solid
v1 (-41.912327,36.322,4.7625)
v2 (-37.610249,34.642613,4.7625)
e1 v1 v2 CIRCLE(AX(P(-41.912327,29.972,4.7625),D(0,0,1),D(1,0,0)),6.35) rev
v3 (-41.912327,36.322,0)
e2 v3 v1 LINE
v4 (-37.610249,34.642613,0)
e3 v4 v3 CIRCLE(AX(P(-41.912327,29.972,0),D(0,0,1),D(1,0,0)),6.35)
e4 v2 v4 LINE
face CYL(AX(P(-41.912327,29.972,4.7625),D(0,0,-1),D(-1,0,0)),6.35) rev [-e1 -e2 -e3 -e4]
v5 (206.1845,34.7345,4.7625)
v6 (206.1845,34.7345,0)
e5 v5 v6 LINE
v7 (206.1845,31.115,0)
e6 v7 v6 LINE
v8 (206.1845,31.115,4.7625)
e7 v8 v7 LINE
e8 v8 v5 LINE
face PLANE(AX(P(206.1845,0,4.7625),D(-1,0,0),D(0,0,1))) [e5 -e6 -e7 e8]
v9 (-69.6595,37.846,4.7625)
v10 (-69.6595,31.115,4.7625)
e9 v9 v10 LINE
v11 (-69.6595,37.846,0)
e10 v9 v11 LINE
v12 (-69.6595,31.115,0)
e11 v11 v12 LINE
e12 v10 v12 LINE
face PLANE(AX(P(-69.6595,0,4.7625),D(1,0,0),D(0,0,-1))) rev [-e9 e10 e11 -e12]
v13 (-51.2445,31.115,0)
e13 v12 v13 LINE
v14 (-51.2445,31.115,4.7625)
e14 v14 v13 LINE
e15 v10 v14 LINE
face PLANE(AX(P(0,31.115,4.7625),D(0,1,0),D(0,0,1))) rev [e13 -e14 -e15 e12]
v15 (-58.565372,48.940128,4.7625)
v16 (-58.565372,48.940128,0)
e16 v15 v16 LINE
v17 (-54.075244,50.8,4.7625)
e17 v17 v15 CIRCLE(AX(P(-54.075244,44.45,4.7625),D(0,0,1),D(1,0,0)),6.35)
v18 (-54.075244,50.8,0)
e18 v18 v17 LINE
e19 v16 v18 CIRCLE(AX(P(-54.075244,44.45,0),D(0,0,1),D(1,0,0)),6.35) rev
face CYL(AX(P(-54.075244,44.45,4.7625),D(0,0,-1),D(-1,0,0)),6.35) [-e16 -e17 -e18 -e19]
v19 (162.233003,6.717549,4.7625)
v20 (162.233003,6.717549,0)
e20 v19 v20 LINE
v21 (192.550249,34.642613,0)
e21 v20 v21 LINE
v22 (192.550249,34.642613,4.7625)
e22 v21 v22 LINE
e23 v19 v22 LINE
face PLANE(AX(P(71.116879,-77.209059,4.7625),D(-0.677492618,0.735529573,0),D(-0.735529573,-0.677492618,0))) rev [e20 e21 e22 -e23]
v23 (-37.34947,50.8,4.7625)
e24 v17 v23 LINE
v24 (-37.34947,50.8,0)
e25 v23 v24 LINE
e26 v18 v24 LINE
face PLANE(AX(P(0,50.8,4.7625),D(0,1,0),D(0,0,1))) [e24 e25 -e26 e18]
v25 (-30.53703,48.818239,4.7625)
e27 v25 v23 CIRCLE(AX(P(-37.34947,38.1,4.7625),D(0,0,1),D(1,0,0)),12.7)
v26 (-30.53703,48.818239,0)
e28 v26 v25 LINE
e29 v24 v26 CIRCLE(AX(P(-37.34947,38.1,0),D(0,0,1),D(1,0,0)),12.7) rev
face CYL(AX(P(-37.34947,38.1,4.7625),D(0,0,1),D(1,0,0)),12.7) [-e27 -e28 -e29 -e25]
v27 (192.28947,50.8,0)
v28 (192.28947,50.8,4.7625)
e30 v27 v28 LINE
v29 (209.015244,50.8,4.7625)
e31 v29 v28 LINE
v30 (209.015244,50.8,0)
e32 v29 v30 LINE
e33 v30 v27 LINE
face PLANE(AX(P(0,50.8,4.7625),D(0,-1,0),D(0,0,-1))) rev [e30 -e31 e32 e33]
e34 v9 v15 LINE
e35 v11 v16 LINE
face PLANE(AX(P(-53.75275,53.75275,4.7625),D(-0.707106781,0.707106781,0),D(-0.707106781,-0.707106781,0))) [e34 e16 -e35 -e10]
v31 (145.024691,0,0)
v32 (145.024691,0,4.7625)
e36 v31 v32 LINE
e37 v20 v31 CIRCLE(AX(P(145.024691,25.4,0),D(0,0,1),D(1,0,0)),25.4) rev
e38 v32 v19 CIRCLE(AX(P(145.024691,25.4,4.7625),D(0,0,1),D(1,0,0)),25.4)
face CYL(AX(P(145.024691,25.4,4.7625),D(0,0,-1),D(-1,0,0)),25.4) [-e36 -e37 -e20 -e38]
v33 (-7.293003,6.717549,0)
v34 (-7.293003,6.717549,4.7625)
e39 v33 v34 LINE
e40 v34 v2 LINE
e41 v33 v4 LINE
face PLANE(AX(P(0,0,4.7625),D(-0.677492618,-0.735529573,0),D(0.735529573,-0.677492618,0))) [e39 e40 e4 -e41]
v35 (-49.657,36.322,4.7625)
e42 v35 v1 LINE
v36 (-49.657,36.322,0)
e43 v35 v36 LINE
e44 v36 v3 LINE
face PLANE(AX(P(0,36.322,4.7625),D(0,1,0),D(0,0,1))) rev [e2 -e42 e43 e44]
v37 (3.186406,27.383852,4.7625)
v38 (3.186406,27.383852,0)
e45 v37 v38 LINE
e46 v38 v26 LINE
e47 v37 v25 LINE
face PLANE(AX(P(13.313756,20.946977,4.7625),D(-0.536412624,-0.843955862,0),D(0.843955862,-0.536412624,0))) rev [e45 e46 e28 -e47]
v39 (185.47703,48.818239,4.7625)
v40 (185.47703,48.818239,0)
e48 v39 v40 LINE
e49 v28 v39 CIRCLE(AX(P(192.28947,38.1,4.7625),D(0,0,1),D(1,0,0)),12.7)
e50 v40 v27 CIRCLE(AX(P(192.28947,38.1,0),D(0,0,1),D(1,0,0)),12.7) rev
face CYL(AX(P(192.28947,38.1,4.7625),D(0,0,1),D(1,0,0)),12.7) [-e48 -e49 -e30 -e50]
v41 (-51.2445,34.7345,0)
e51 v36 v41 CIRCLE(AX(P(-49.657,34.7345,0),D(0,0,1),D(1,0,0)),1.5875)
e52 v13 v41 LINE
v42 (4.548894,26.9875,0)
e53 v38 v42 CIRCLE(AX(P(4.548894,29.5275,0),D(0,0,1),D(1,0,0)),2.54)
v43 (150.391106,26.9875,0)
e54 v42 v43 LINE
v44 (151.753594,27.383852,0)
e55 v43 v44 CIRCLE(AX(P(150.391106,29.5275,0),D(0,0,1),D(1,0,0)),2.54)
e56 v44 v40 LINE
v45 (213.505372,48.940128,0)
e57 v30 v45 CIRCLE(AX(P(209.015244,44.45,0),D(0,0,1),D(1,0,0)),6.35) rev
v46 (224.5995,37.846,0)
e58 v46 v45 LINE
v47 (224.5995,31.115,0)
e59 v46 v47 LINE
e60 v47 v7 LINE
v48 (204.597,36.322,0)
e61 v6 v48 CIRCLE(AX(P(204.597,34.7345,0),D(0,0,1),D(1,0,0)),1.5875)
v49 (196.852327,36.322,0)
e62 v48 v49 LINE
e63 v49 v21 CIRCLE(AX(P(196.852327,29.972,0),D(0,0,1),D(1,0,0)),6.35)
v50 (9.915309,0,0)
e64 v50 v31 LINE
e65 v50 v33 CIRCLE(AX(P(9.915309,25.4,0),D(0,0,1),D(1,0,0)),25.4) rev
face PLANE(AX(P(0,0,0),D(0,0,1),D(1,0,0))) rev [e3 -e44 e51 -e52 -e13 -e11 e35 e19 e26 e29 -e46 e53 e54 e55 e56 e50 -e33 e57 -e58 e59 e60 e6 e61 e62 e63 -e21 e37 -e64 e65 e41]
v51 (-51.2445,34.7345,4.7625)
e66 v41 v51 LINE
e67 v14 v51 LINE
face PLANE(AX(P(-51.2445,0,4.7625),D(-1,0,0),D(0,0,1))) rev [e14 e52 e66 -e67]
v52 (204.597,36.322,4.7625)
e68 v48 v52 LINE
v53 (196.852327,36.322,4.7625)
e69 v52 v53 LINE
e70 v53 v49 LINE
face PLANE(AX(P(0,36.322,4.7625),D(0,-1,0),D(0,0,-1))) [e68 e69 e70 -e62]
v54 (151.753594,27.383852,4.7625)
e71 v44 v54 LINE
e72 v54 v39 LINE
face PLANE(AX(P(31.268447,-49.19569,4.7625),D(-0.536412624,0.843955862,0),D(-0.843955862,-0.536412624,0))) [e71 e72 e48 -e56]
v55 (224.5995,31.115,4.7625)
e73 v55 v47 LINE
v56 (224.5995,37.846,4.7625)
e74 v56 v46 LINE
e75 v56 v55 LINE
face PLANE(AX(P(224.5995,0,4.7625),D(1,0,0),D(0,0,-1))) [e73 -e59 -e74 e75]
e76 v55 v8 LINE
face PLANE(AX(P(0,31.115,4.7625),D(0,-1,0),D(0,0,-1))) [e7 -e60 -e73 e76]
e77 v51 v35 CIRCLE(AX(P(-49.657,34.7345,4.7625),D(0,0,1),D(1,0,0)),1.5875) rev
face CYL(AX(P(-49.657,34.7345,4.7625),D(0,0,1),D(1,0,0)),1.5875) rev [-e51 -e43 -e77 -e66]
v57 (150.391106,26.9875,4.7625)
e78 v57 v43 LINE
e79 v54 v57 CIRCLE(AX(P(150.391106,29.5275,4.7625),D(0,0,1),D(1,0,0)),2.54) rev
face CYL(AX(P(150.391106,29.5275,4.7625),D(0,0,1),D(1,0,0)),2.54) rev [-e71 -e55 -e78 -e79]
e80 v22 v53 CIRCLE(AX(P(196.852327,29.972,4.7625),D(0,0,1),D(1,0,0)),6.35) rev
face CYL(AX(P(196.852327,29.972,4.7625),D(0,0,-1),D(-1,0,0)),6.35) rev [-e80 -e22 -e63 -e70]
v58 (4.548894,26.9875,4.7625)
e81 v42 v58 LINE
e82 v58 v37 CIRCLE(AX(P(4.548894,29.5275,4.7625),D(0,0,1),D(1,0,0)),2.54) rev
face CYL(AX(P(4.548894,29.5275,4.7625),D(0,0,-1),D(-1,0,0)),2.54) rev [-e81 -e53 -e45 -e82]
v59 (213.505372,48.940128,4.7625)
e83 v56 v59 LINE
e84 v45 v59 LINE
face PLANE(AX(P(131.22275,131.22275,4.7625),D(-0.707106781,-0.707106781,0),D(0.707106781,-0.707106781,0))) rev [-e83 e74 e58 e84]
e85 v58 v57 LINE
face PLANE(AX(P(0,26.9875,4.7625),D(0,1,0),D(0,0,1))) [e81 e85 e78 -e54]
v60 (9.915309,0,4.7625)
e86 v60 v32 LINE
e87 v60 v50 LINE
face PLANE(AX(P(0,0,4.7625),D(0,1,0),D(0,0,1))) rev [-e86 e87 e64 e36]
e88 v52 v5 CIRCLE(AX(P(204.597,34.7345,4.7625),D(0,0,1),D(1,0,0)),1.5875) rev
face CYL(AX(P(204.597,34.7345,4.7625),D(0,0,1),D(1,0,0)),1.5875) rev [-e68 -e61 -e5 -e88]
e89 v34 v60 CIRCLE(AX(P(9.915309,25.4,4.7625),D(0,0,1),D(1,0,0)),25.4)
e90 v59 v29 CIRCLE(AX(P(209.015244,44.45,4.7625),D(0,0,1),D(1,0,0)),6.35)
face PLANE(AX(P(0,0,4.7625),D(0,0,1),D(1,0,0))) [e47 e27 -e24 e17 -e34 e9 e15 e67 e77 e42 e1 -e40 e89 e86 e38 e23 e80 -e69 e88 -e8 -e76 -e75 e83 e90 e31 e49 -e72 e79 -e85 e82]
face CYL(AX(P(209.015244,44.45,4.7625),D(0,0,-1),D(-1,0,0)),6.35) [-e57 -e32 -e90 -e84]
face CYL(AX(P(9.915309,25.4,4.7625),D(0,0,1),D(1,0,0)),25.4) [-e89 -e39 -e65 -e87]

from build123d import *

# Parameters (mm, degrees)
BOSS_EXTRUDE1_DEPTH = 4.7625
F_1_0_RADIUS_R      = 25.4
F_0_1_RADIUS_R      = 2.54
F_0_25_RADIUS_R     = 6.35
F_0_5_RADIUS_R      = 12.7
F_0_0625_RADIUS_R   = 1.5875


with BuildPart() as part:
    # Sketch1 → Boss-Extrude1 (new body)
    with BuildSketch(Plane.XY):
        Polygon((0, 0), (154.94, 0), (194.3735, 36.322), (206.1845, 36.322), (206.1845, 31.115), (224.5995, 31.115), (224.5995, 37.846), (211.6455, 50.8), (188.595, 50.8), (151.13, 26.9875), (3.81, 26.9875), (-33.655, 50.8), (-56.7055, 50.8), (-69.6595, 37.846), (-69.6595, 36.322), (-69.6595, 31.115), (-51.2445, 31.115), (-51.2445, 36.322), (-39.4335, 36.322), align=None)
    extrude(amount=BOSS_EXTRUDE1_DEPTH)

    # 1.0 Radius
    f_1_0_radius_edges = [part.edges().sort_by_distance(p)[0] for p in [
        (154.94, 0, 2.38125),
        (0, 0, 2.38125),
    ]]
    fillet(f_1_0_radius_edges, radius=F_1_0_RADIUS_R)

    # 0.1 Radius
    f_0_1_radius_edges = [part.edges().sort_by_distance(p)[0] for p in [
        (3.81, 26.9875, 2.38125),
        (151.13, 26.9875, 2.38125),
    ]]
    fillet(f_0_1_radius_edges, radius=F_0_1_RADIUS_R)

    # 0.25 Radius
    f_0_25_radius_edges = [part.edges().sort_by_distance(p)[0] for p in [
        (211.6455, 50.8, 2.38125),
        (194.3735, 36.322, 2.38125),
        (-39.4335, 36.322, 2.38125),
        (-56.7055, 50.8, 2.38125),
    ]]
    fillet(f_0_25_radius_edges, radius=F_0_25_RADIUS_R)

    # 0.5 Radius
    f_0_5_radius_edges = [part.edges().sort_by_distance(p)[0] for p in [
        (188.595, 50.8, 2.38125),
        (-33.655, 50.8, 2.38125),
    ]]
    fillet(f_0_5_radius_edges, radius=F_0_5_RADIUS_R)

    # 0.0625 Radius
    f_0_0625_radius_edges = [part.edges().sort_by_distance(p)[0] for p in [
        (206.1845, 36.322, 2.38125),
        (-51.2445, 36.322, 2.38125),
    ]]
    fillet(f_0_0625_radius_edges, radius=F_0_0625_RADIUS_R)


solid = part.part
